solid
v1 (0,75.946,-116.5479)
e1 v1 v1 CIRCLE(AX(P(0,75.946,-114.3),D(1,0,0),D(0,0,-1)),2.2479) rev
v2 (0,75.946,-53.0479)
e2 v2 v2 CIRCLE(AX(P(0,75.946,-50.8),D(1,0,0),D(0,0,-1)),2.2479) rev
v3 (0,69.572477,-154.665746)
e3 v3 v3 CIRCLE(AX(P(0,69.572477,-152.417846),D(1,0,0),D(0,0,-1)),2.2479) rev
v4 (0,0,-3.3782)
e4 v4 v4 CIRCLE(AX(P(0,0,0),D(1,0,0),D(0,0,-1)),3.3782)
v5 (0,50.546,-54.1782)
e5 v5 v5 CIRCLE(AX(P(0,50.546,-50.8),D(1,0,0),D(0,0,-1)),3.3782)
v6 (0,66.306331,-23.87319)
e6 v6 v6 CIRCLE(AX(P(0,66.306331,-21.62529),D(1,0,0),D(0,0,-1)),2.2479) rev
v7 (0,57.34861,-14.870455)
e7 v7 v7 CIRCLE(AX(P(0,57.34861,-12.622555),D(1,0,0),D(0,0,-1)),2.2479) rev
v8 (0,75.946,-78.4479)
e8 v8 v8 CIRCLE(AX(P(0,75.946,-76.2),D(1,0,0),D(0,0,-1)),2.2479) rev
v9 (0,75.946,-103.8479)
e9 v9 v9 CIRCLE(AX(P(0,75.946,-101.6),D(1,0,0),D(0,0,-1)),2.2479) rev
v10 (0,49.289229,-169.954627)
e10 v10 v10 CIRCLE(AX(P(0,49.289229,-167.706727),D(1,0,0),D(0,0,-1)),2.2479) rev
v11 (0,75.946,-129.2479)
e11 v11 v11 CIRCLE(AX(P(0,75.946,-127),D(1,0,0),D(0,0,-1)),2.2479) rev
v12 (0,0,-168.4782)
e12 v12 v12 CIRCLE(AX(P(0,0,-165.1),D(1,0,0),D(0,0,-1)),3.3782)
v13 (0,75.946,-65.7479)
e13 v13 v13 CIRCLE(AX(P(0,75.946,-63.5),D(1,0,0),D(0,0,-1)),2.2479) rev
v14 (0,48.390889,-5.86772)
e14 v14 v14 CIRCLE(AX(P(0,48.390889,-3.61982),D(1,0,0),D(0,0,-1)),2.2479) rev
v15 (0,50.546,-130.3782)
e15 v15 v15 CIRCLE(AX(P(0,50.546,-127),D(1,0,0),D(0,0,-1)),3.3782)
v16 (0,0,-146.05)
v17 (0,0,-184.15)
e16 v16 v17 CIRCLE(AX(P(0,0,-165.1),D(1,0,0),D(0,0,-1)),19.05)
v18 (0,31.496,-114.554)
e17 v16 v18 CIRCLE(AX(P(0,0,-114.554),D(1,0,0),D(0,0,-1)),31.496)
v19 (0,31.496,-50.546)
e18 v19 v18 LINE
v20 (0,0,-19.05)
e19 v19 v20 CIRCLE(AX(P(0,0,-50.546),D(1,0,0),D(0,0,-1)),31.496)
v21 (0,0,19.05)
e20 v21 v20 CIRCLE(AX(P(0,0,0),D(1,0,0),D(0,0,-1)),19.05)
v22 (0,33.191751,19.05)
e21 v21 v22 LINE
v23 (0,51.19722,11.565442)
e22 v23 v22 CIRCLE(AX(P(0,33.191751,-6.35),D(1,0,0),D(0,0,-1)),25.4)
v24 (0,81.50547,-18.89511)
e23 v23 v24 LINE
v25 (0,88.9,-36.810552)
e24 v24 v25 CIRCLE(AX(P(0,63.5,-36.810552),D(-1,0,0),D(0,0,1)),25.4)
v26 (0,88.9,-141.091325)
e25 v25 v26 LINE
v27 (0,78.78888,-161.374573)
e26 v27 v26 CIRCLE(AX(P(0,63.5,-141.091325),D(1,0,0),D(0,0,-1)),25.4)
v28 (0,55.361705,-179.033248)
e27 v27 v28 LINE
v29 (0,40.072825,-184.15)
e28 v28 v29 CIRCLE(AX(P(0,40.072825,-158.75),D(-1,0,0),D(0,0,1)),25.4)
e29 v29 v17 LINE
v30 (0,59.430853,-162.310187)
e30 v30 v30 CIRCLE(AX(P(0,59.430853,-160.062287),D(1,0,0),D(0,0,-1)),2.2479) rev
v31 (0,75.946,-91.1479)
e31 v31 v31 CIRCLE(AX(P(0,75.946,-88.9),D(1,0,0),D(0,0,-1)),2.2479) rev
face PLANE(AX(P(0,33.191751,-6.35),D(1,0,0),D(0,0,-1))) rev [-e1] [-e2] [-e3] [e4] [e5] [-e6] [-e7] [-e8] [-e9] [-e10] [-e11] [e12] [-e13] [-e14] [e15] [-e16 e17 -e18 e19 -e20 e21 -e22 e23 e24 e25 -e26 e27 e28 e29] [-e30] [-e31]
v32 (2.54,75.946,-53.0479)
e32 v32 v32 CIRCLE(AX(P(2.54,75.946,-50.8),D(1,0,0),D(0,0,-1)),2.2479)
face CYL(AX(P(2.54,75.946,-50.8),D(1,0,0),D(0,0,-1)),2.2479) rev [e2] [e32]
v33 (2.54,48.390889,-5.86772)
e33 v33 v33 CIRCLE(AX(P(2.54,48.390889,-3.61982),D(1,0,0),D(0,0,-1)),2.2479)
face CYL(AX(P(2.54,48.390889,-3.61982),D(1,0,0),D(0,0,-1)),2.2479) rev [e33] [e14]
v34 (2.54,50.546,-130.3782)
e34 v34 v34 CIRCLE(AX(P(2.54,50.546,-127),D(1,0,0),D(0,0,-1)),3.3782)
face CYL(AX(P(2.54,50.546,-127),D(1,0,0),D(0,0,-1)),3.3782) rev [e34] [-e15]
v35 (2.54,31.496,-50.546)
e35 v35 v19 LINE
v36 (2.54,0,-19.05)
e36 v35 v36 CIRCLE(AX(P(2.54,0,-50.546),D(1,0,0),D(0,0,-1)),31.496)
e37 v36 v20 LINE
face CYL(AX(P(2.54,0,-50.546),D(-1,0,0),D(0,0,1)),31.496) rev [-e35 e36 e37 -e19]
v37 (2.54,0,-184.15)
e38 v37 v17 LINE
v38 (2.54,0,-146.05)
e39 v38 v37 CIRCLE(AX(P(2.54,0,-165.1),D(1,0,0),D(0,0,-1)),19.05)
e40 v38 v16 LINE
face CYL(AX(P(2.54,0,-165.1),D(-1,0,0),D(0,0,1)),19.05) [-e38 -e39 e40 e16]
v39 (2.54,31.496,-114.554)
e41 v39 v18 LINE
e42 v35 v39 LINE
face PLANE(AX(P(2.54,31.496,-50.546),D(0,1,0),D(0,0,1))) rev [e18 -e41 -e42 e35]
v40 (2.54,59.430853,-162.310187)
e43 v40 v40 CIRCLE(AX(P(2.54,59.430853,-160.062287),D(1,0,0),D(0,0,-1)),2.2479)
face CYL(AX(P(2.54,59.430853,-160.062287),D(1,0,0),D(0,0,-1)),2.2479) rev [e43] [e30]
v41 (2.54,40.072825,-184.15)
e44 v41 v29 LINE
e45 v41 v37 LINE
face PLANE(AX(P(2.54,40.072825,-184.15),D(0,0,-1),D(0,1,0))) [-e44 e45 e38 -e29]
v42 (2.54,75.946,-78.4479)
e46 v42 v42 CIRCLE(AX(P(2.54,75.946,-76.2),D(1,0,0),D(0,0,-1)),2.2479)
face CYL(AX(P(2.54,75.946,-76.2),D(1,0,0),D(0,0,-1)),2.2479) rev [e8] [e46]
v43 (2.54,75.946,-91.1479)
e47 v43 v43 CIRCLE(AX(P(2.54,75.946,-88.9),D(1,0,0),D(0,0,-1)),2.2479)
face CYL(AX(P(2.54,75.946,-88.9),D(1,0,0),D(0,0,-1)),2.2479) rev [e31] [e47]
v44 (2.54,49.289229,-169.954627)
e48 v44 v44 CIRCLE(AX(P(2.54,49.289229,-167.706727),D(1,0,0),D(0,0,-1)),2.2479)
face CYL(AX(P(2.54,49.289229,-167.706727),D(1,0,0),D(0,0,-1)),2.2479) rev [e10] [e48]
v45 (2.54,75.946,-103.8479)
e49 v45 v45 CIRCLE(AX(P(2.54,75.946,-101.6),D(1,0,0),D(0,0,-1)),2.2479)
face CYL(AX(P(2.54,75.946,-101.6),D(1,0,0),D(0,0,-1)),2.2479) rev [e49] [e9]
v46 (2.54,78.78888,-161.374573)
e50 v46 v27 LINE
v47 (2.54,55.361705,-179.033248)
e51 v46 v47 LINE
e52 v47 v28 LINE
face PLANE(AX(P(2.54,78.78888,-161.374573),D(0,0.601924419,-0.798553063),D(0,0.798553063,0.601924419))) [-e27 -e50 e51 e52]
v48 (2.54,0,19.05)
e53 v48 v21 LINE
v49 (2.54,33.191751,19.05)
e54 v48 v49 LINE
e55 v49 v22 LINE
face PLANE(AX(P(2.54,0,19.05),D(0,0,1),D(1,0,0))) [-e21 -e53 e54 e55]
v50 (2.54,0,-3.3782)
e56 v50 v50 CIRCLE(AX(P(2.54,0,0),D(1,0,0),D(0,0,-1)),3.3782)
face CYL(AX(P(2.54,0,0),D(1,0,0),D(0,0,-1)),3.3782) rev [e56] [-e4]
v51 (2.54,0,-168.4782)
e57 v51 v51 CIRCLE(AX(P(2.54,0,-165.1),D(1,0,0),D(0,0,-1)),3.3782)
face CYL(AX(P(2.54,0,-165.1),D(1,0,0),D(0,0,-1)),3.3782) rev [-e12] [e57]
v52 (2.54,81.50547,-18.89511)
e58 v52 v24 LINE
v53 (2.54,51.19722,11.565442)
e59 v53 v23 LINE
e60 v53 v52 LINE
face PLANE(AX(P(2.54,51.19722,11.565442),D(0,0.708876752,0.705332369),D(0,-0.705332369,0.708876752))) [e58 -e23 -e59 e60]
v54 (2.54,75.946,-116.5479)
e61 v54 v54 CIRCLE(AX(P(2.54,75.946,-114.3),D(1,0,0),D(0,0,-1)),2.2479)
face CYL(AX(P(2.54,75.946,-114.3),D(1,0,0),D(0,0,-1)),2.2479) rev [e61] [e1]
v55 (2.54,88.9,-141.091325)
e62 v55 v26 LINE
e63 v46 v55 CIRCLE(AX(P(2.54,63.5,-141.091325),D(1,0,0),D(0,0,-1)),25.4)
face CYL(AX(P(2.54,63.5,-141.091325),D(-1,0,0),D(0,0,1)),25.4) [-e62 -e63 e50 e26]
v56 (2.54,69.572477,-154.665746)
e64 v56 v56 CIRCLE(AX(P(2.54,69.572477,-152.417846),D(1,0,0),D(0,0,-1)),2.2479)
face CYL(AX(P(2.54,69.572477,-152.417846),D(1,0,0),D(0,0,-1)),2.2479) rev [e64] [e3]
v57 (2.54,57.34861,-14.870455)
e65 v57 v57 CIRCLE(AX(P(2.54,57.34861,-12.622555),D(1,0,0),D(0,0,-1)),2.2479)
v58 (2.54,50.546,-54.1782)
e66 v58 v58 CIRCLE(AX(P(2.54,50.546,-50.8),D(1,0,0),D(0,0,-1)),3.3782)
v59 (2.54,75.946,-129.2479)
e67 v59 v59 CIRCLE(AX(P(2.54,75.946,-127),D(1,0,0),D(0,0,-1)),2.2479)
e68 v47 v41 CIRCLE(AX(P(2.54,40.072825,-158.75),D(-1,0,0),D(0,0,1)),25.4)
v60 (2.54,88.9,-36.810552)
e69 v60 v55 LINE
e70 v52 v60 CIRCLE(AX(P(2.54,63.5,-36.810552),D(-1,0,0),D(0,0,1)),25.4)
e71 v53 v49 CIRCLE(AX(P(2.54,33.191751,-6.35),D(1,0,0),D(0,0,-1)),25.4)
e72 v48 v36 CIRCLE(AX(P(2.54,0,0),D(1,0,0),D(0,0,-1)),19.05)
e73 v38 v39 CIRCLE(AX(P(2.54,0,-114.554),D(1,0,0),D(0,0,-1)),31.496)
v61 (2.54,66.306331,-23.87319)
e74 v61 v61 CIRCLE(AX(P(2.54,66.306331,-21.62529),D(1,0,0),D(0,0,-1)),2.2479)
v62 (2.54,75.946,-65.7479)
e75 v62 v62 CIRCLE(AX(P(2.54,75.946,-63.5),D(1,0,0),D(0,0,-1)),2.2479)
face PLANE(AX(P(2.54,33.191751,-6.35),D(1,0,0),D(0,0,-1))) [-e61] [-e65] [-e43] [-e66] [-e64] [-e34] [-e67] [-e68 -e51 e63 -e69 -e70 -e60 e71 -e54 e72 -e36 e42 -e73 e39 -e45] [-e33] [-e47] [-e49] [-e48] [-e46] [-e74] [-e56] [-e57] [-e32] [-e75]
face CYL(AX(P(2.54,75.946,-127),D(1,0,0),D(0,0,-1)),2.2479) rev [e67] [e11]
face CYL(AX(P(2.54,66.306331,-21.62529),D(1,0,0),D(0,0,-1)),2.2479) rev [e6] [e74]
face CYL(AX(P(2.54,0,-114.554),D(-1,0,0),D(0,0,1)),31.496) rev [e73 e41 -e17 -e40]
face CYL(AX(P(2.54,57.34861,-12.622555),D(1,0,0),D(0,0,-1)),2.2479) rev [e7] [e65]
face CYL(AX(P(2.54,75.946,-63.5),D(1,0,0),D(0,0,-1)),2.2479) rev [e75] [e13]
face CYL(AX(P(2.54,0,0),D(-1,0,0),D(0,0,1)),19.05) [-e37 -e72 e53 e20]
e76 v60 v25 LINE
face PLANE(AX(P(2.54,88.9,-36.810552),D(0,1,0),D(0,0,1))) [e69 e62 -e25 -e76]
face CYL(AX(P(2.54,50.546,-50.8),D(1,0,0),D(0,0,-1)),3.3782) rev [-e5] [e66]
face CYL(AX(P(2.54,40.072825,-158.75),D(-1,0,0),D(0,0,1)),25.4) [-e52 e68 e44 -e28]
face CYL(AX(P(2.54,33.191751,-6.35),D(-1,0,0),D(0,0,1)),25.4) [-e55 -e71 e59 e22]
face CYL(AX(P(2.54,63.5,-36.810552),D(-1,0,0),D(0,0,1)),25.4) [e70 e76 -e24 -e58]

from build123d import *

# Parameters (mm, degrees)
BOSS_EXTRUDE1_DEPTH     = 2.54
F_1_4_CLEARANCE_HOLE1_D = 6.7564
F_8_CLEARANCE_HOLE2_D   = 4.4958


with BuildPart() as part:
    # Sketch1 → Boss-Extrude1 (new body)
    with BuildSketch(Plane(origin=(0, 0, 0), x_dir=(0, 0, -1), z_dir=(1, 0, 0))):
        with BuildLine():
            Line((50.546, 31.496), (114.554, 31.496))
            ThreePointArc((114.554, 31.496), (136.82503518, 22.27103518), (146.05, 0))
            ThreePointArc((146.05, 0), (165.1, -19.05), (184.15, 0))
            Line((184.15, 0), (184.15, 40.072825067))
            ThreePointArc((184.15, 40.072825067), (182.836868766, 48.134013135), (179.03324779, 55.36170531))
            Line((179.03324779, 55.36170531), (161.374573217, 78.788880244))
            ThreePointArc((161.374573217, 78.788880244), (152.423192921, 86.232108989), (141.091325427, 88.9))
            Line((141.091325427, 88.9), (36.810551917, 88.9))
            ThreePointArc((36.810551917, 88.9), (27.119806989, 86.978702323), (18.895109756, 81.505469508))
            Line((18.895109756, 81.505469508), (-11.56544216, 51.197220351))
            ThreePointArc((-11.56544216, 51.197220351), (-17.104341079, 42.941309016), (-19.05, 33.191750843))
            Line((-19.05, 33.191750843), (-19.05, 0))
            ThreePointArc((-19.05, 0), (0, -19.05), (19.05, 0))
            ThreePointArc((19.05, 0), (28.27496482, 22.27103518), (50.546, 31.496))
        make_face()
    extrude(amount=BOSS_EXTRUDE1_DEPTH)

    # 1/4 Clearance Hole1 (through all)
    with Locations(Plane(origin=(2.54, 0, 0), x_dir=(0, 0, -1), z_dir=(1, 0, 0))):
        with Locations((50.8, 50.546), (127, 50.546), (165.1, 0), (0, 0)):
            Hole(F_1_4_CLEARANCE_HOLE1_D / 2)

    # #8 Clearance Hole2 (through all)
    with Locations(Plane(origin=(2.54, 0, 0), x_dir=(0, 0, -1), z_dir=(1, 0, 0))):
        with Locations((76.2, 75.946), (88.9, 75.946), (101.6, 75.946), (21.625289632, 66.306331256), (12.622554878, 57.348610175), (3.619820124, 48.390889095), (152.417846487, 69.57247655), (160.062286608, 59.430852655), (167.70672673, 49.28922876), (63.5, 75.946), (50.8, 75.946), (114.3, 75.946), (127, 75.946)):
            Hole(F_8_CLEARANCE_HOLE2_D / 2)


solid = part.part
